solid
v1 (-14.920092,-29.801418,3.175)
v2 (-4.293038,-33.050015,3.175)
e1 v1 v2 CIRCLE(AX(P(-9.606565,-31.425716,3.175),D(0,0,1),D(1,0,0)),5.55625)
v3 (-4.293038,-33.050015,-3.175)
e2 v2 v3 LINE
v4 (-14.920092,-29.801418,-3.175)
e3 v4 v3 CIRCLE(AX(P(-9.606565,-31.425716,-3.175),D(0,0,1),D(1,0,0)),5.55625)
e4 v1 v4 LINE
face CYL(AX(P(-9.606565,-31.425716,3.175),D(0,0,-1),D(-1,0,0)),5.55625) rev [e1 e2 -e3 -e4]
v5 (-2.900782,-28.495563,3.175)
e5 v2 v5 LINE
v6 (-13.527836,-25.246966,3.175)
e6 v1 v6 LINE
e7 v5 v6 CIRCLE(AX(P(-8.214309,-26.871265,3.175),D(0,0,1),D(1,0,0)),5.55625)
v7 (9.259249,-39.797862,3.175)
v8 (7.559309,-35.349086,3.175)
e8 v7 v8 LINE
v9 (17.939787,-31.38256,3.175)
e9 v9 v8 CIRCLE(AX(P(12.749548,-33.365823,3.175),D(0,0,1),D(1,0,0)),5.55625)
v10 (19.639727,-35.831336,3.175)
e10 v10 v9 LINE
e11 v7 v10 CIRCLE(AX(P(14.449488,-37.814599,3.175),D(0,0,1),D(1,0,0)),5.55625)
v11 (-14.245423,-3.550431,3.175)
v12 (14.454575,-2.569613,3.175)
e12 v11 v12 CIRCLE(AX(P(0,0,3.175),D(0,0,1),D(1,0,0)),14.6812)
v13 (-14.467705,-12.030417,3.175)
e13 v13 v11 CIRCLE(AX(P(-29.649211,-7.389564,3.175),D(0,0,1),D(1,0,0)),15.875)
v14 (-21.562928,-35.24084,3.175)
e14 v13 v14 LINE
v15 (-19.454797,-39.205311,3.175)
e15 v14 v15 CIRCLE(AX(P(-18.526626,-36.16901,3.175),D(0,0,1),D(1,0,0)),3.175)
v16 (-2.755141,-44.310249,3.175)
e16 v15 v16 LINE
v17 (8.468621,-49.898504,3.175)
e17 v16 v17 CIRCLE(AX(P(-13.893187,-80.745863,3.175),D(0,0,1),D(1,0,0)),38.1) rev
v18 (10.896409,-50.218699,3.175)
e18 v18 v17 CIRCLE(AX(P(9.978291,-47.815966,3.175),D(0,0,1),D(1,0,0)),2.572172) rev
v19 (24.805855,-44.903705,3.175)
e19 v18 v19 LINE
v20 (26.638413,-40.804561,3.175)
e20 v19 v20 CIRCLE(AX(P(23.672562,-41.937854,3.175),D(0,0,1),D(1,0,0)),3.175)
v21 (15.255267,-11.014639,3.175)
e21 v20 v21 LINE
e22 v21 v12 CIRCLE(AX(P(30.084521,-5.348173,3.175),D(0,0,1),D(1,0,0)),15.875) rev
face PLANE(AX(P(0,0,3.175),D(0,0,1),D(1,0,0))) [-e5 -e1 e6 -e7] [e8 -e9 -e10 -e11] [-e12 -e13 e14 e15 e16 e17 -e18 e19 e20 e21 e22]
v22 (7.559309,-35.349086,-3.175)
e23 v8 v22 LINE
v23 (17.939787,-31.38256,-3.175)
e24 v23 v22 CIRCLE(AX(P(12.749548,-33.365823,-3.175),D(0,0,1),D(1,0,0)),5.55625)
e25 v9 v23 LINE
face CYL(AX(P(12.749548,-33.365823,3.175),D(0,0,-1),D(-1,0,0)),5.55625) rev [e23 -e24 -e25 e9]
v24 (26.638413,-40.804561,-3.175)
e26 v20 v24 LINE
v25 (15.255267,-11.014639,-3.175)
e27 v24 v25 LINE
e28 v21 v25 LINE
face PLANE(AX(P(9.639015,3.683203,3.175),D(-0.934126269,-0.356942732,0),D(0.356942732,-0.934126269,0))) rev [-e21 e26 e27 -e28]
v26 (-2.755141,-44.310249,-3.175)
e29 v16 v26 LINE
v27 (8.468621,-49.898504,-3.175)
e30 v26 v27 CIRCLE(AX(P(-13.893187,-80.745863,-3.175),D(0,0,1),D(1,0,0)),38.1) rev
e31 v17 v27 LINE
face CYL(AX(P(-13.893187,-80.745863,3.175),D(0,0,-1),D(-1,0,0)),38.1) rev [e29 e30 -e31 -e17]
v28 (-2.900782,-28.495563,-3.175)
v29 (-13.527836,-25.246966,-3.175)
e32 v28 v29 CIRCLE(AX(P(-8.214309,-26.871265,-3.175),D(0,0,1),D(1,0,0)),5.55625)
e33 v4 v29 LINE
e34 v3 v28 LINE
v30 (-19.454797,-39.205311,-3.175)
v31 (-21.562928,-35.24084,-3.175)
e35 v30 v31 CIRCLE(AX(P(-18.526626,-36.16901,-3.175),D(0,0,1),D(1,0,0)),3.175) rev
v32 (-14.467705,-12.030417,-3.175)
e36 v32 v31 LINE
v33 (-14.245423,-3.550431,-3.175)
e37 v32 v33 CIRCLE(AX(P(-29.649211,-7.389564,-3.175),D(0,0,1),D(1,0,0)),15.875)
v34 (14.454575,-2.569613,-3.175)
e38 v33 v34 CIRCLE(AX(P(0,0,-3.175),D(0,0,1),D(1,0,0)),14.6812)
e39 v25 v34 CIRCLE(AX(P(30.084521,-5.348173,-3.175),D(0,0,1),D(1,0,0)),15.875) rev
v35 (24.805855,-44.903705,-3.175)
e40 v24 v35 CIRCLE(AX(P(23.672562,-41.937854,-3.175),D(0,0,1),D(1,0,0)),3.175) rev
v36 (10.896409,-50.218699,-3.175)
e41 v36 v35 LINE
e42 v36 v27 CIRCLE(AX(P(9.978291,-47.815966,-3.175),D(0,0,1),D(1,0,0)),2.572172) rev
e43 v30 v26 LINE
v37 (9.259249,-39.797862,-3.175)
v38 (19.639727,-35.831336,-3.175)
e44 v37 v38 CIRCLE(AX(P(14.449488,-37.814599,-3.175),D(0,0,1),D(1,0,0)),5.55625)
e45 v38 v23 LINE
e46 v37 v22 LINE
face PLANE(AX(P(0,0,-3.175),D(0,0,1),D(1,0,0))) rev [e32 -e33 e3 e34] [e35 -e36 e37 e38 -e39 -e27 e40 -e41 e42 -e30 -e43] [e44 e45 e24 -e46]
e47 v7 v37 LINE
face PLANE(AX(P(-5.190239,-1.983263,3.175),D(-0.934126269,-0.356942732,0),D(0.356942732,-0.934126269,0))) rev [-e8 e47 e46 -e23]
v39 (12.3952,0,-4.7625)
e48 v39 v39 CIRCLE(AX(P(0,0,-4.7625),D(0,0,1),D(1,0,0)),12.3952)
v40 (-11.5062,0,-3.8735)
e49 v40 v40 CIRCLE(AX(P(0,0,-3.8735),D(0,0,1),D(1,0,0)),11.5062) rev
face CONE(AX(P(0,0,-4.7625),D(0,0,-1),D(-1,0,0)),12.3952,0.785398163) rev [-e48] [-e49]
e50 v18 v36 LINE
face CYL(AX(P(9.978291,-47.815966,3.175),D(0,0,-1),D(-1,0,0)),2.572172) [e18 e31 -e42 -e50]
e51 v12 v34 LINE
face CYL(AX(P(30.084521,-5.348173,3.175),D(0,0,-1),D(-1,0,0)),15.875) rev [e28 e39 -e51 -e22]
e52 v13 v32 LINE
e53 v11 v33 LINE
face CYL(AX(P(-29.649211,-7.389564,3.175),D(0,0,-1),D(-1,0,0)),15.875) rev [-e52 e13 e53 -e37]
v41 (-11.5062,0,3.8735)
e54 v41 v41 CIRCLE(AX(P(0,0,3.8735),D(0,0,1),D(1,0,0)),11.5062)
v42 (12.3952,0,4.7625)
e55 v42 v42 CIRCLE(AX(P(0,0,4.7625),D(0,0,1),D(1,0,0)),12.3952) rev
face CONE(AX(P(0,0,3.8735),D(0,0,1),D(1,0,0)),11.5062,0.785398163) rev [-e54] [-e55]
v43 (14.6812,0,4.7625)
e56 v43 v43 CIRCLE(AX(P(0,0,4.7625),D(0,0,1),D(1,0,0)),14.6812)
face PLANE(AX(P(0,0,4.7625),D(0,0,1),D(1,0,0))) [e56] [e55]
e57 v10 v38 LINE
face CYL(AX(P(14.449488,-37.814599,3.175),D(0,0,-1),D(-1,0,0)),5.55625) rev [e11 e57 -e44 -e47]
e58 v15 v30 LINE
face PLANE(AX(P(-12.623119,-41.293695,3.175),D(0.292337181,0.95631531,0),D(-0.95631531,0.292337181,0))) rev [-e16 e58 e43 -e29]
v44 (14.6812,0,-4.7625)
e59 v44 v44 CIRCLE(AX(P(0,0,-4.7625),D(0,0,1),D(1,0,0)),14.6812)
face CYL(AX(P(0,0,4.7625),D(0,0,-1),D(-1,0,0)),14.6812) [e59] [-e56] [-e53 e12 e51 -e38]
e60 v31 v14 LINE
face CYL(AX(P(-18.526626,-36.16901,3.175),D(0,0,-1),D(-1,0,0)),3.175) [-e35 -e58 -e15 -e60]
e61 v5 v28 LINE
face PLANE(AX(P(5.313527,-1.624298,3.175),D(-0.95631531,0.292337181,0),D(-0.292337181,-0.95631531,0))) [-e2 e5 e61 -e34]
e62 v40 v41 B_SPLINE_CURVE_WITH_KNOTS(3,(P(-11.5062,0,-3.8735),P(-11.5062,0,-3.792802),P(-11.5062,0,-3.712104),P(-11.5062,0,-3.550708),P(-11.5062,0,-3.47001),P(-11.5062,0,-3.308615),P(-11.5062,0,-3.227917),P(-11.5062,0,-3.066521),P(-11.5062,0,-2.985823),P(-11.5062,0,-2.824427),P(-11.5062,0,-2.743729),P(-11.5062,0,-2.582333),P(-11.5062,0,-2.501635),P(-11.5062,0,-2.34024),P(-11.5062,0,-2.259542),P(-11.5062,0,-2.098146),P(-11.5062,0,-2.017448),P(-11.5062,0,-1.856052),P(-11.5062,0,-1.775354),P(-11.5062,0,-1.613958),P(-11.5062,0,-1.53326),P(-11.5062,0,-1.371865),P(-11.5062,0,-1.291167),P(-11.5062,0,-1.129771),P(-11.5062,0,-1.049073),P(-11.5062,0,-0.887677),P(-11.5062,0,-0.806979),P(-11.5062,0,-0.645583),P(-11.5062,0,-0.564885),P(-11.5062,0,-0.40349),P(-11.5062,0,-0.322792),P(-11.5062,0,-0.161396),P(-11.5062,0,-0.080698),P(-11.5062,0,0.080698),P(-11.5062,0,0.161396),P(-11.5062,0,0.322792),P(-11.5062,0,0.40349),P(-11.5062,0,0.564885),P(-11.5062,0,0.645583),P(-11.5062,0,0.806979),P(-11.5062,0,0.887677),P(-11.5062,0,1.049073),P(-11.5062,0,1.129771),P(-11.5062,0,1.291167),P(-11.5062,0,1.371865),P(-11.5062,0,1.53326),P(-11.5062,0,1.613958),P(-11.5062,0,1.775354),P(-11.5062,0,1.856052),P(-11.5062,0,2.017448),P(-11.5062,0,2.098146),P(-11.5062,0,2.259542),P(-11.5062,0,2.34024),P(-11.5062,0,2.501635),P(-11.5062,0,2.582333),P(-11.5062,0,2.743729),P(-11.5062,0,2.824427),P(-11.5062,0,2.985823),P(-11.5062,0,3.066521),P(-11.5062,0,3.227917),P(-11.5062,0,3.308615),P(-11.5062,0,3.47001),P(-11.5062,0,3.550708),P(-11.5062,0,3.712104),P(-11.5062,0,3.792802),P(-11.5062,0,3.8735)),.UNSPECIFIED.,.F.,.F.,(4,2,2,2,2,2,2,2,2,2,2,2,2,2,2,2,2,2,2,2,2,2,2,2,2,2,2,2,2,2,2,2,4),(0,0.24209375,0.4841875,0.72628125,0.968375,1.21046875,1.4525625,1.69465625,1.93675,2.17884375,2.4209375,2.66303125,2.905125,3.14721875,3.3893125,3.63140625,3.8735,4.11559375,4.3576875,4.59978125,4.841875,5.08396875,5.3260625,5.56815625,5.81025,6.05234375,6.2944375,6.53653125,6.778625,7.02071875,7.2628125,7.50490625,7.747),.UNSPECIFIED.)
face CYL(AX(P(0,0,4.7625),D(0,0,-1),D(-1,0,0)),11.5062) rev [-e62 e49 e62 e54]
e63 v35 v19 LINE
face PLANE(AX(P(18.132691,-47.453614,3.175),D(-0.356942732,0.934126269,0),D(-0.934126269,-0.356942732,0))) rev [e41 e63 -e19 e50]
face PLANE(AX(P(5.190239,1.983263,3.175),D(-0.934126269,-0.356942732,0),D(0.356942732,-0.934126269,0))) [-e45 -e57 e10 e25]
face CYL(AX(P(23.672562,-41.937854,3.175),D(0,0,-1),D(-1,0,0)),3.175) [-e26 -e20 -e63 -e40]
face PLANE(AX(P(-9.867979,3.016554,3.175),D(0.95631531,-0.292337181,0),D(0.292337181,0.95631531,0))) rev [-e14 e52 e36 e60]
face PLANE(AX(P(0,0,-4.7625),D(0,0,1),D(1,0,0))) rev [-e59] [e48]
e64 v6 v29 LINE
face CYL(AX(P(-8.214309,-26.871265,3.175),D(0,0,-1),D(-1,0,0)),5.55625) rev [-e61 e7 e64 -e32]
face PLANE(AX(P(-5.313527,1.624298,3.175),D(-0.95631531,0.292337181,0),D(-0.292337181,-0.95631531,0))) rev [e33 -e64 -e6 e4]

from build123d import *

# Parameters (mm, degrees)
SKETCH1_R           = 11.5062
BOSS_EXTRUDE2_DEPTH = 4.7625
BOSS_EXTRUDE3_DEPTH = 3.175
FILLET1_R           = 3.175
CHAMFER1_SIZE       = 0.889


with BuildPart() as part:
    # Sketch1 → Boss-Extrude2 (new, symmetric)
    with BuildSketch(Plane.XY):
        with BuildLine():
            ThreePointArc((14.454574535, -2.569612511), (-0.50143503, 14.672634268), (-14.245423001, -3.550430532))
            ThreePointArc((-14.245423001, -3.550430532), (0.50143503, -14.672634268), (14.454574535, -2.569612511))
        make_face()
        Circle(SKETCH1_R, mode=Mode.SUBTRACT)
    extrude(amount=BOSS_EXTRUDE2_DEPTH, both=True)

    # Sketch1<4> → Boss-Extrude3 (add, symmetric)
    with BuildSketch(Plane.XY):
        with BuildLine():
            ThreePointArc((-14.245423001, -3.550430532), (-13.779661889, -7.805545679), (-14.467705296, -12.030416635))
            Line((-14.467705296, -12.030416635), (-22.491098066, -38.27714082))
            Line((-22.491098066, -38.27714082), (-2.755140848, -44.310249384))
            ThreePointArc((-2.755140848, -44.310249384), (3.08819115, -46.639517528), (8.468620942, -49.898504209))
            ThreePointArc((8.468620942, -49.898504209), (9.641965512, -50.366054867), (10.896408583, -50.218699247))
            Line((10.896408583, -50.218699247), (27.771706227, -43.770411636))
            Line((27.771706227, -43.770411636), (15.255266531, -11.014638624))
            ThreePointArc((15.255266531, -11.014638624), (14.280396638, -6.846597475), (14.454574535, -2.569612511))
            ThreePointArc((14.454574535, -2.569612511), (0.50143503, -14.672634268), (-14.245423001, -3.550430532))
        make_face()
        with BuildLine():
            ThreePointArc((-4.293038232, -33.050014953), (-11.230863635, -36.739243436), (-14.920092118, -29.801418033))
            Line((-14.920092118, -29.801418033), (-13.527836296, -25.246966368))
            ThreePointArc((-13.527836296, -25.246966368), (-6.590010893, -21.557737884), (-2.900782409, -28.495563287))
            Line((-2.900782409, -28.495563287), (-4.293038232, -33.050014953))
        make_face(mode=Mode.SUBTRACT)
        with BuildLine():
            ThreePointArc((19.639727055, -35.831335962), (16.432751029, -43.004838098), (9.259248893, -39.797862073))
            Line((9.259248893, -39.797862073), (7.559309131, -35.349085718))
            ThreePointArc((7.559309131, -35.349085718), (10.766285157, -28.175583582), (17.939787293, -31.382559607))
            Line((17.939787293, -31.382559607), (19.639727055, -35.831335962))
        make_face(mode=Mode.SUBTRACT)
    extrude(amount=BOSS_EXTRUDE3_DEPTH, both=True)

    # Fillet1
    fillet1_edges = [part.edges().sort_by_distance(p)[0] for p in [
        (-22.491098066, -38.27714082, 0),
        (27.771706227, -43.770411636, 0),
    ]]
    fillet(fillet1_edges, radius=FILLET1_R)

    # Chamfer1
    chamfer1_edges = [part.edges().sort_by_distance(p)[0] for p in [
        (-11.5062, 0, -4.7625),
        (-11.5062, 0, 4.7625),
    ]]
    chamfer(chamfer1_edges, length=CHAMFER1_SIZE)


solid = part.part
